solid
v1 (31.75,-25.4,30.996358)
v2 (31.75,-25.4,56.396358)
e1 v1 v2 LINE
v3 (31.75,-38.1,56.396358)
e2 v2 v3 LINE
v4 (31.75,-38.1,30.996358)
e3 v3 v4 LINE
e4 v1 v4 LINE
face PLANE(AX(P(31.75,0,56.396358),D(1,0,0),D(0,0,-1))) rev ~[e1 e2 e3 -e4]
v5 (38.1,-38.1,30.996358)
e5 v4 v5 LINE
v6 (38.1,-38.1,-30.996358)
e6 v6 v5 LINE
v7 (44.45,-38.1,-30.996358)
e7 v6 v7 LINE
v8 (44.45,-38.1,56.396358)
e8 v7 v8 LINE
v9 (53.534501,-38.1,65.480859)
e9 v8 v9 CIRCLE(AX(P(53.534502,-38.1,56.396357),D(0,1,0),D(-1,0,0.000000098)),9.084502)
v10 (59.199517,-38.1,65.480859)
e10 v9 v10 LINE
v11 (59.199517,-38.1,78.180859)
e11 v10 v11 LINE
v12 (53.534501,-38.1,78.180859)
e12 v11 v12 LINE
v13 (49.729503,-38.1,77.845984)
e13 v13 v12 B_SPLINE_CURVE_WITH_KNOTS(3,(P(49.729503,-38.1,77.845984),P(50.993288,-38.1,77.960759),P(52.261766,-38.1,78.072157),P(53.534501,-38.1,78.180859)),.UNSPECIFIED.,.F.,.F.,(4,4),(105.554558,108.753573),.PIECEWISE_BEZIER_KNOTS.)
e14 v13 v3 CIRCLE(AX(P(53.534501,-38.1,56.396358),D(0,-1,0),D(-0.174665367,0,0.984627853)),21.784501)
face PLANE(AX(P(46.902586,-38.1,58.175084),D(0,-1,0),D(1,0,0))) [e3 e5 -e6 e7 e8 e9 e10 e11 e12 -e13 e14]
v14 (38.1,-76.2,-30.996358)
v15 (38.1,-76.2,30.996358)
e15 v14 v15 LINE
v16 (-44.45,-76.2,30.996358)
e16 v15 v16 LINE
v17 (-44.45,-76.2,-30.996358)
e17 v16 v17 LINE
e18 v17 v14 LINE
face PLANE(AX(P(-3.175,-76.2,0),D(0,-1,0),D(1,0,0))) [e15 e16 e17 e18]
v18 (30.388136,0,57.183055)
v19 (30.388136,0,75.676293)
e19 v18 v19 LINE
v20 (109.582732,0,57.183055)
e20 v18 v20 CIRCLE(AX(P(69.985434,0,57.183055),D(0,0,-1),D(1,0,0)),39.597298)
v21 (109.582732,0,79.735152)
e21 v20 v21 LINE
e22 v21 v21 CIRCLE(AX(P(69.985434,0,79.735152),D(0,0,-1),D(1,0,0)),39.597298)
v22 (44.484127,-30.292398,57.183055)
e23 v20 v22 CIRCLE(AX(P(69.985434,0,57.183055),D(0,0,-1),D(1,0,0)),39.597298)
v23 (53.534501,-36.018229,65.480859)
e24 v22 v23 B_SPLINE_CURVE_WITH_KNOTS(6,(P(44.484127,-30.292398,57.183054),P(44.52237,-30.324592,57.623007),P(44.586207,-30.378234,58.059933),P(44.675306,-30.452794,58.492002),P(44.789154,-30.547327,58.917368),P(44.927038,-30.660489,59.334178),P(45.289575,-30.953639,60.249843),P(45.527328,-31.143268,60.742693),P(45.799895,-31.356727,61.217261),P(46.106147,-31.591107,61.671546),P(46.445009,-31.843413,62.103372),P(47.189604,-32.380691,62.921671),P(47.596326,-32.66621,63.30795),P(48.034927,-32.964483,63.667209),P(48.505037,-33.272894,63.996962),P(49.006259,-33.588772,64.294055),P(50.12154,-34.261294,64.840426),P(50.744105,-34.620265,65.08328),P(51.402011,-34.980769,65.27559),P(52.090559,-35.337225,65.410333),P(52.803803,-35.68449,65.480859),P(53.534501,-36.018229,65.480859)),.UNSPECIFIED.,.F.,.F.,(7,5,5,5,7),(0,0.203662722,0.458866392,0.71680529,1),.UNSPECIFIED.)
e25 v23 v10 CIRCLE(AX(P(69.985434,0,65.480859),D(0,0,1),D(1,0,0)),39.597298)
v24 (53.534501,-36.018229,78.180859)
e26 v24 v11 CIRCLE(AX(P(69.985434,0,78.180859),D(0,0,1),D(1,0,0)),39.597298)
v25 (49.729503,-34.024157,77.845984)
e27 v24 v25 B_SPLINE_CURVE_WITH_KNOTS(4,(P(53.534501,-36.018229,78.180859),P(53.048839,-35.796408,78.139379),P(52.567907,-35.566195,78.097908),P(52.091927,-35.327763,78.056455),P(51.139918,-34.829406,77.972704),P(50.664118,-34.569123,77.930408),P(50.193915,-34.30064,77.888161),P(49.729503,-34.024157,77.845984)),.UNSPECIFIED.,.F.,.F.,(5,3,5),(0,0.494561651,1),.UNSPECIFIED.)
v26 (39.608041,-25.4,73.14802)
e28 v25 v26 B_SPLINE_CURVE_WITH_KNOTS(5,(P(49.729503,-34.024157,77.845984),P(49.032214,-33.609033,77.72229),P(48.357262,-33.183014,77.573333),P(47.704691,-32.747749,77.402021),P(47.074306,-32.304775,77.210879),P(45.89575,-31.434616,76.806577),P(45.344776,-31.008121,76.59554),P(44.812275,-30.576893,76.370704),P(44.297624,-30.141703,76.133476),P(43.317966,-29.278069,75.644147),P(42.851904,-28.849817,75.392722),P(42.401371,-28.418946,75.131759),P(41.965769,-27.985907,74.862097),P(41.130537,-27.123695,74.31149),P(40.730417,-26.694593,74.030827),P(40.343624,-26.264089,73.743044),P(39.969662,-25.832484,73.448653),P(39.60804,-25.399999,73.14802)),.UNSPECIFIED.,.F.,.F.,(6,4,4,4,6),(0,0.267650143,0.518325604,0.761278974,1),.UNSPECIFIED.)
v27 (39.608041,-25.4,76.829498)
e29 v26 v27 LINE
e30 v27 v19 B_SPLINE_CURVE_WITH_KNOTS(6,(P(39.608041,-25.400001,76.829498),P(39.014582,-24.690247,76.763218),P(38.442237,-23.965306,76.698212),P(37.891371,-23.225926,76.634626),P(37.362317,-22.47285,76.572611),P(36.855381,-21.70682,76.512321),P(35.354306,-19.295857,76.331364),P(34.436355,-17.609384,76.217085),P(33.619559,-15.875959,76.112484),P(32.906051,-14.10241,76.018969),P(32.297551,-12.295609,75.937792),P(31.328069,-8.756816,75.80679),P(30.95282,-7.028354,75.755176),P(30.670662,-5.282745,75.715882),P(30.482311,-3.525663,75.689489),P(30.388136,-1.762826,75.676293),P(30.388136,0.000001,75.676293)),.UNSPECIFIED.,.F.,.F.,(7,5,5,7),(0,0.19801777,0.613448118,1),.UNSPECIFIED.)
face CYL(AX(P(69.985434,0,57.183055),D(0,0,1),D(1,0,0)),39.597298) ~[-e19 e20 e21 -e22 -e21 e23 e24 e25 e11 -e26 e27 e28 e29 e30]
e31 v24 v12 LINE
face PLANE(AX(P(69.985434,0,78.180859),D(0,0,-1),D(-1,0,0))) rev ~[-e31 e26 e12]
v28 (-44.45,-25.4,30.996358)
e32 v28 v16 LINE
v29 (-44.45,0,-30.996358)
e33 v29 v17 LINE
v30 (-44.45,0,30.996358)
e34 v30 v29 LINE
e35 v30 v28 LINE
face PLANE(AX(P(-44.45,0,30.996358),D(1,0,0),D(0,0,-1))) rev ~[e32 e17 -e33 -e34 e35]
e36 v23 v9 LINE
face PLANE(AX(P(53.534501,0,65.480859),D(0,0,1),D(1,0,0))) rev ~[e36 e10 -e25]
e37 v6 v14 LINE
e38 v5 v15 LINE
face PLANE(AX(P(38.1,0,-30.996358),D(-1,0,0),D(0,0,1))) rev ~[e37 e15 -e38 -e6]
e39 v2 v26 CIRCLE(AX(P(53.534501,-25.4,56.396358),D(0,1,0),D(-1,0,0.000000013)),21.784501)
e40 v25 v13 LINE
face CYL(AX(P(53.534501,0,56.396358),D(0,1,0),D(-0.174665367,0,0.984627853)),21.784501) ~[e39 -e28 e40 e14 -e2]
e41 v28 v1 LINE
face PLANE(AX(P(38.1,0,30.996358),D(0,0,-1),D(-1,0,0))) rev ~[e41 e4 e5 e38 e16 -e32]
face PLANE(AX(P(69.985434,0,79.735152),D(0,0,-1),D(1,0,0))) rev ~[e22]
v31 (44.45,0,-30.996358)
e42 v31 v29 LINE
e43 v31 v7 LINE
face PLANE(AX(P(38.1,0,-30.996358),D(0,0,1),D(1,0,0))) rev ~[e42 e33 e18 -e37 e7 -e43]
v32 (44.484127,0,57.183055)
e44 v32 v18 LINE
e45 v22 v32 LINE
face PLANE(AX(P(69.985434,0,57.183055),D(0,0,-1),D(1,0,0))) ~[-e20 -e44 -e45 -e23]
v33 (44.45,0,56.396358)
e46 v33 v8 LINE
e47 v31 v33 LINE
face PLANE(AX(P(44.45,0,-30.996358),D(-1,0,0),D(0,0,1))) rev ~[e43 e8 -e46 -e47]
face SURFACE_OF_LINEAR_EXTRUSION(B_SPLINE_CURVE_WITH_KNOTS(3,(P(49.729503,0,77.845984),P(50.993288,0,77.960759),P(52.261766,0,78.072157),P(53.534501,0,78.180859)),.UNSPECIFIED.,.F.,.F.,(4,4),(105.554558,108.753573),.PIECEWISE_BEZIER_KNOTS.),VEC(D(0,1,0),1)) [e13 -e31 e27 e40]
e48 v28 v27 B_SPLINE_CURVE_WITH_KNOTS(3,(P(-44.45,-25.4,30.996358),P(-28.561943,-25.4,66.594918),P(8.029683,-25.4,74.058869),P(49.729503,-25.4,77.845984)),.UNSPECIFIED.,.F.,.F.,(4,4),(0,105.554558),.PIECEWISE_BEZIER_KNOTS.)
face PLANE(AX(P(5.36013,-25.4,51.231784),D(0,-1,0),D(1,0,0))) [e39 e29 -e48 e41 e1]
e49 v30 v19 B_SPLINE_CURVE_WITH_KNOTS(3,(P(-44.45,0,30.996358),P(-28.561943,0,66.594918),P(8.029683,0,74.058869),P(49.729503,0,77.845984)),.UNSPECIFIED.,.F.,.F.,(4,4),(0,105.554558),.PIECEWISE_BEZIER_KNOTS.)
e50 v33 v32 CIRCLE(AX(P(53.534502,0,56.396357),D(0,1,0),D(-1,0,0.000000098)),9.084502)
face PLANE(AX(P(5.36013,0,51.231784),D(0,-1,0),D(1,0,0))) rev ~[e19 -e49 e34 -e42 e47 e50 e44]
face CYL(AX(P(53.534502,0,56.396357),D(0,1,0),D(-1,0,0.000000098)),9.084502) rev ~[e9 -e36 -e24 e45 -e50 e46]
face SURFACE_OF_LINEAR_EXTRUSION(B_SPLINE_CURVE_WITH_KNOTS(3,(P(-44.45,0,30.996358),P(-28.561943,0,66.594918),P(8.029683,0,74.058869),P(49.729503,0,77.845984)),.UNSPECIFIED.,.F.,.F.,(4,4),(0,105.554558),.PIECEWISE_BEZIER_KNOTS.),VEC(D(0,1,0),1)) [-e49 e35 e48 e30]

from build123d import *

# Parameters (mm, degrees)
F1_DEPTH = 76.2
F0_W     = 6.35
F0_H     = 61.992716
F2_DEPTH = 38.1
F3_DEPTH = 25.4


with BuildPart() as f1:
    # F0 (on Front) → F1 (new body)
    with BuildSketch(Plane.XZ):
        Polygon((38.1, -30.996358), (38.1, 30.996358), (31.75, 30.996358), (-44.45, 30.996358), (-44.45, -30.996358), align=None)
    extrude(amount=F1_DEPTH)

    # F0 (on Front) → F2 (join)
    with BuildSketch(Plane.XZ):
        with BuildLine():
            Line((38.1, 30.996358), (44.45, 30.996358))
            Line((44.45, 30.996358), (44.45, 56.396358))
            ThreePointArc((44.45, 56.396358), (47.110789, 62.82007), (53.534501, 65.480859))
            Line((53.534501, 65.480859), (69.985434, 65.480859))
            Line((69.985434, 65.480859), (69.985434, 78.180859))
            Line((69.985434, 78.180859), (53.534501, 78.180859))
            add(Edge.make_bspline(
                [(49.729503, 77.845984), (50.993288, 77.960759), (52.261766, 78.072157), (53.534501, 78.180859)],
                knots=[105.554558, 105.554558, 105.554558, 105.554558, 108.753573, 108.753573, 108.753573, 108.753573], degree=3))
            ThreePointArc((49.729503, 77.845984), (36.839375, 70.390544), (31.75, 56.396358))
            Line((31.75, 56.396358), (31.75, 30.996358))
            Line((31.75, 30.996358), (38.1, 30.996358))
        make_face()
        with Locations((41.275, 0)):
            Rectangle(F0_W, F0_H)
    extrude(amount=F2_DEPTH)

    # F0 (on Front) → F3 (join)
    with BuildSketch(Plane.XZ):
        with BuildLine():
            Line((-44.45, 30.996358), (31.75, 30.996358))
            Line((31.75, 30.996358), (31.75, 56.396358))
            ThreePointArc((31.75, 56.396358), (36.839375, 70.390544), (49.729503, 77.845984))
            add(Edge.make_bspline(
                [(-44.45, 30.996358), (-28.561943, 66.594918), (8.029683, 74.058869), (49.729503, 77.845984)],
                knots=[0, 0, 0, 0, 105.554558, 105.554558, 105.554558, 105.554558], degree=3))
        make_face()
    extrude(amount=F3_DEPTH)

    # F0 (on Front) → F4 (revolve)
    with BuildSketch(Plane.XZ):
        Polygon((69.985434, 78.180859), (69.985434, 65.480859), (69.985434, 57.183055), (109.582732, 57.183055), (109.582732, 79.735152), (69.985434, 79.735152), align=None)
    revolve(axis=Axis((69.985434, 0, 68.459103), (0, 0, -1)))


solid = f1.part
